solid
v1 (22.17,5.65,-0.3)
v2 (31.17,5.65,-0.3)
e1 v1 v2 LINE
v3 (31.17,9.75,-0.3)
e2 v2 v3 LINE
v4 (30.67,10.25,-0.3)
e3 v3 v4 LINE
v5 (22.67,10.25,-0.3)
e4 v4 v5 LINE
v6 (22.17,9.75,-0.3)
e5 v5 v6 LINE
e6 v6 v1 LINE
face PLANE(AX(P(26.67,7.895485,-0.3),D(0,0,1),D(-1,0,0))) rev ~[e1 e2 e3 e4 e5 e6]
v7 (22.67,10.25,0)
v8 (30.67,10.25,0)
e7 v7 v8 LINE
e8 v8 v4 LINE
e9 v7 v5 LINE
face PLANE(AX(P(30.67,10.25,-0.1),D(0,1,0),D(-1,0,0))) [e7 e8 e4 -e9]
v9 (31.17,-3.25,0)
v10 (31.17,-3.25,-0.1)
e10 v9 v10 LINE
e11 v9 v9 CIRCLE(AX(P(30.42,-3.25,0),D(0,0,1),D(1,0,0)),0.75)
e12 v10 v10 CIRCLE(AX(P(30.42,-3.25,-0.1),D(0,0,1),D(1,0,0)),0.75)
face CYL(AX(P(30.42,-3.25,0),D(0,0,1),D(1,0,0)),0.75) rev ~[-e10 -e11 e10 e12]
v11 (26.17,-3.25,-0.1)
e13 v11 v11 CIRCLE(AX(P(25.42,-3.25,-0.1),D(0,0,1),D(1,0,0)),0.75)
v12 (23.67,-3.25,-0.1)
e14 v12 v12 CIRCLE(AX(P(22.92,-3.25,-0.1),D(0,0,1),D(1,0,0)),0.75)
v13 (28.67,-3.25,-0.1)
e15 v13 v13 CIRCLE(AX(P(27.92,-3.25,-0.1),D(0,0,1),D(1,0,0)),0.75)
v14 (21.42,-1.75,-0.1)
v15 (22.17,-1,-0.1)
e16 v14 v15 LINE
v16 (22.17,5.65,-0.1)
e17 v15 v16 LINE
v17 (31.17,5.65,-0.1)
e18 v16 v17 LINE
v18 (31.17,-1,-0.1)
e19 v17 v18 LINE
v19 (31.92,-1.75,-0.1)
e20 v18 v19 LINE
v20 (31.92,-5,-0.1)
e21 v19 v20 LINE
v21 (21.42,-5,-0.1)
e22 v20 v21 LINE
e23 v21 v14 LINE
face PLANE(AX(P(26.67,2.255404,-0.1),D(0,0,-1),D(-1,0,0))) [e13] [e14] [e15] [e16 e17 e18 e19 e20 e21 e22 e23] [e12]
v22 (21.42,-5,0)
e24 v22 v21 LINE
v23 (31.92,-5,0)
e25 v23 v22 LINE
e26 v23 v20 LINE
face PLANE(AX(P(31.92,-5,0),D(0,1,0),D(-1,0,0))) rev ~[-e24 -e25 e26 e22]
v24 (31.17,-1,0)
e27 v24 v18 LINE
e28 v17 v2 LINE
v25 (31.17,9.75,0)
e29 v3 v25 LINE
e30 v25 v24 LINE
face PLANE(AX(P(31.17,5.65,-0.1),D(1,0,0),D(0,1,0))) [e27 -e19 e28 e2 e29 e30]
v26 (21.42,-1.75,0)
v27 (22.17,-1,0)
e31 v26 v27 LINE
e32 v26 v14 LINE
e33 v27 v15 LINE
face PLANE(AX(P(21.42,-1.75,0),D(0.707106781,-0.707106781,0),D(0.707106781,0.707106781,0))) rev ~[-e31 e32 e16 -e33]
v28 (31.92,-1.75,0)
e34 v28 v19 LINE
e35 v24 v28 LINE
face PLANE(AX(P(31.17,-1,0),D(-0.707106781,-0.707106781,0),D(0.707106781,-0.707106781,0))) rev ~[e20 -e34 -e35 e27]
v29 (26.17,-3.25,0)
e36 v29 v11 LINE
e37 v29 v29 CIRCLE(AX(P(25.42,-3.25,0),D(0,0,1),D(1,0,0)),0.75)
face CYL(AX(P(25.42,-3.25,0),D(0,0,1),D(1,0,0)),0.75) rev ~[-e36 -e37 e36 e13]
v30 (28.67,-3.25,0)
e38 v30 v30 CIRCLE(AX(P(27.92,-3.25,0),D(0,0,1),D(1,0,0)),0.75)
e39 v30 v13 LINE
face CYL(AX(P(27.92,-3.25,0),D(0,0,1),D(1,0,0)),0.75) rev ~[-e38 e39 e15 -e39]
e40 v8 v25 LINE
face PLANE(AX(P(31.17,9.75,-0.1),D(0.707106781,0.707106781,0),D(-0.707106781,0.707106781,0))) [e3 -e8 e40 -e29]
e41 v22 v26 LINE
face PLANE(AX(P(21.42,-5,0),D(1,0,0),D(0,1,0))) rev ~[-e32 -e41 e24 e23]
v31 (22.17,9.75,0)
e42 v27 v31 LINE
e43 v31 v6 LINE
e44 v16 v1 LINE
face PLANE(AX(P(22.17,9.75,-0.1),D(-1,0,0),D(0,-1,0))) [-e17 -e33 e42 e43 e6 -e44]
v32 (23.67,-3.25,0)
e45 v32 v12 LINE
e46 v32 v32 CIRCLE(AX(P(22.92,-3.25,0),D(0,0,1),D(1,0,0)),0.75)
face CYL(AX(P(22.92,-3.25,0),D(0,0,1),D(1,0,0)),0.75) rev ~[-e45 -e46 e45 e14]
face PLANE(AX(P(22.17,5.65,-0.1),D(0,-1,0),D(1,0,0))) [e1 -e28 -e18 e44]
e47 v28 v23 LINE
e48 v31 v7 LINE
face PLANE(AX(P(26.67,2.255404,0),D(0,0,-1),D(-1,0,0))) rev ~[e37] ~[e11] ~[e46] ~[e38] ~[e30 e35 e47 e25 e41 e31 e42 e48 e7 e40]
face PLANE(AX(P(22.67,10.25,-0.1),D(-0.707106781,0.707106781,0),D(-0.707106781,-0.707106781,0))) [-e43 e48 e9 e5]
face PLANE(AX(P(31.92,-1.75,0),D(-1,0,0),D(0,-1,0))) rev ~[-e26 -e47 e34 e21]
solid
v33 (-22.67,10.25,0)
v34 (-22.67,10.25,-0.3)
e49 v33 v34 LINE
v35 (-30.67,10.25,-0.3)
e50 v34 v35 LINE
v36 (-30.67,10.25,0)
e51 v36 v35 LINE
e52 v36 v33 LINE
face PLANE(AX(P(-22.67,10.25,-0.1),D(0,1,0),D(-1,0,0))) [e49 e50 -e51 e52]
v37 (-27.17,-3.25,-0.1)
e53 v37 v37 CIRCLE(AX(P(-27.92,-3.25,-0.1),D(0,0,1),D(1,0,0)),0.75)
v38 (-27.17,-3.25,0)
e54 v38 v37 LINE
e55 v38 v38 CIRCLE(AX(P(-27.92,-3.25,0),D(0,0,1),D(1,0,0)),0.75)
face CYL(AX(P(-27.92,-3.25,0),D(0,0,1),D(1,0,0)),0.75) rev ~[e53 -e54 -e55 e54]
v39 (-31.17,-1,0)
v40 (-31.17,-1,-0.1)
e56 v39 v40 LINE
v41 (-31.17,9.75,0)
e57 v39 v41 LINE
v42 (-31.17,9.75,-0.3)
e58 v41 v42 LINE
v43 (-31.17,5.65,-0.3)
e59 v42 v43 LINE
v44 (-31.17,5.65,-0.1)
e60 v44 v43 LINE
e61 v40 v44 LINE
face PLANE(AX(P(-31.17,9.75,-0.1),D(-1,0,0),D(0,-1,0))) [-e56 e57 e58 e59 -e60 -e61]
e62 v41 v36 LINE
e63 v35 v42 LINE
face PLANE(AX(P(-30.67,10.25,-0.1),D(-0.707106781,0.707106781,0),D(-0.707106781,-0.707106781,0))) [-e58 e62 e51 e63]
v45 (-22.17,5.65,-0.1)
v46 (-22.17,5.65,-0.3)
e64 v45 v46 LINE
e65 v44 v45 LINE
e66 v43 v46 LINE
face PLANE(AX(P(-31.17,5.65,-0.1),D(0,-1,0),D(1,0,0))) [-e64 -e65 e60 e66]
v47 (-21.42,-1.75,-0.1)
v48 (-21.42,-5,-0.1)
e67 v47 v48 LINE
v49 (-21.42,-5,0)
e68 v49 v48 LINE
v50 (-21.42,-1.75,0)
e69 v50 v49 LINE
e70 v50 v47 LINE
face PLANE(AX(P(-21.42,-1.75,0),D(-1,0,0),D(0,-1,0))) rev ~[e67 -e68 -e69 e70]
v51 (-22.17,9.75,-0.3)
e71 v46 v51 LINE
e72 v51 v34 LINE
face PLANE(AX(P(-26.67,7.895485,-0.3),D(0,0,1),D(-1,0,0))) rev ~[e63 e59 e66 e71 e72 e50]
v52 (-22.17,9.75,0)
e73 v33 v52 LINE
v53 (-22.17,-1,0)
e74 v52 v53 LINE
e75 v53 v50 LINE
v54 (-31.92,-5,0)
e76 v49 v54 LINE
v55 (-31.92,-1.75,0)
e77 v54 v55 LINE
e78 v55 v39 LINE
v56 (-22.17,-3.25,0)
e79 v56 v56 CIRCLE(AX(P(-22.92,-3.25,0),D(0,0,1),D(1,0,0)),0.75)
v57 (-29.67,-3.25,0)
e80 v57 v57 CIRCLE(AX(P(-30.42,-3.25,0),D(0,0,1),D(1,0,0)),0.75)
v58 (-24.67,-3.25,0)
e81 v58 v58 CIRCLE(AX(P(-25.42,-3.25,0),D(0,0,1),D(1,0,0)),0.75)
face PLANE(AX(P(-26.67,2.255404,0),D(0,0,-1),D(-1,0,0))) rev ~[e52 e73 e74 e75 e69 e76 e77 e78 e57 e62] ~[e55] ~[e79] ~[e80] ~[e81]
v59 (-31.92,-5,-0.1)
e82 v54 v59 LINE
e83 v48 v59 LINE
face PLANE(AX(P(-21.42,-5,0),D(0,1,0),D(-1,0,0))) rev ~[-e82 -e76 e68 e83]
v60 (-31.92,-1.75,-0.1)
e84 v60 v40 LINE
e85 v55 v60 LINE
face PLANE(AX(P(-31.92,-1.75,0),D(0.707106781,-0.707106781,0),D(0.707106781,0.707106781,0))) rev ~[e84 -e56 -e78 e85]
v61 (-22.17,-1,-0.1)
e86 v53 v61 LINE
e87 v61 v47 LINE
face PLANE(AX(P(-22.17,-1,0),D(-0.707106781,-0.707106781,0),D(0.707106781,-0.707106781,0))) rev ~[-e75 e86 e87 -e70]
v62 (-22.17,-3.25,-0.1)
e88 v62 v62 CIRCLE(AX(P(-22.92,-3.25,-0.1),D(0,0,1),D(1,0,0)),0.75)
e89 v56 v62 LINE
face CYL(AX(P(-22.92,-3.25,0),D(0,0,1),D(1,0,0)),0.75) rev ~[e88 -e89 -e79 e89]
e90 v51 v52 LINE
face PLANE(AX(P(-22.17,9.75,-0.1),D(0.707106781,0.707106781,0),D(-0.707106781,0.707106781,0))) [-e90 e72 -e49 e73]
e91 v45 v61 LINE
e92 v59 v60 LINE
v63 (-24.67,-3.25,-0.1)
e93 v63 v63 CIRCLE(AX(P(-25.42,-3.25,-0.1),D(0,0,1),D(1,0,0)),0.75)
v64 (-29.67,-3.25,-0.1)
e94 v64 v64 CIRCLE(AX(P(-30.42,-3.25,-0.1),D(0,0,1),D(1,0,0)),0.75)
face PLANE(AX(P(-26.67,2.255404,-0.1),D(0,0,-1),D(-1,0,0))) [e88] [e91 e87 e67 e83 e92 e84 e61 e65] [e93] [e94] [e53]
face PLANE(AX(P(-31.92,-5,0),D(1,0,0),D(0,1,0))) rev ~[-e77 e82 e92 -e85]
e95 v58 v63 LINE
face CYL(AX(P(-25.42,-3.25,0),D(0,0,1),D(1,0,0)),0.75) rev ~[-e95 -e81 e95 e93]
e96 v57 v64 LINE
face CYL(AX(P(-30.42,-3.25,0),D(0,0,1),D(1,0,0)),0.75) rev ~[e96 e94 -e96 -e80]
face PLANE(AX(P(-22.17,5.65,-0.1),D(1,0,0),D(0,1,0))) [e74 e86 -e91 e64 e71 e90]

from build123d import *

# Parameters (mm, degrees)
SKETCH_R     = 0.75
PAD_DEPTH    = 0.1
PAD001_DEPTH = 0.2
SKETCH002_R  = 0.75
PAD002_DEPTH = 0.1
PAD003_DEPTH = 0.2


with BuildPart() as feature_ffc_cutout_a:
    # Sketch → Pad (new body)
    with BuildSketch(Plane.XY):
        Polygon((22.17, -1), (22.17, 9.75), (22.67, 10.25), (30.67, 10.25), (31.17, 9.75), (31.17, -1), (31.92, -1.75), (31.92, -5), (21.42, -5), (21.42, -1.75), align=None)
        with Locations((22.92, -3.25)):
            Circle(SKETCH_R, mode=Mode.SUBTRACT)
        with Locations((25.42, -3.25)):
            Circle(SKETCH_R, mode=Mode.SUBTRACT)
        with Locations((27.92, -3.25)):
            Circle(SKETCH_R, mode=Mode.SUBTRACT)
        with Locations((30.42, -3.25)):
            Circle(SKETCH_R, mode=Mode.SUBTRACT)
    extrude(amount=-PAD_DEPTH)

    # Sketch001 (on Face16 of Pad) → Pad001 (join)
    with BuildSketch(Plane(origin=(0, 0, -0.1), x_dir=(1, 0, 0), z_dir=(0, 0, -1))):
        Polygon((22.17, -9.75), (22.17, -5.65), (31.17, -5.65), (31.17, -9.75), (30.67, -10.25), (22.67, -10.25), align=None)
    extrude(amount=PAD001_DEPTH)


with BuildPart() as feature_ffc_cutout_b:
    # Sketch002 → Pad002 (new body)
    with BuildSketch(Plane.XY):
        Polygon((-31.17, -1), (-31.17, 9.75), (-30.67, 10.25), (-22.67, 10.25), (-22.17, 9.75), (-22.17, -1), (-21.42, -1.75), (-21.42, -5), (-31.92, -5), (-31.92, -1.75), align=None)
        with Locations((-30.42, -3.25)):
            Circle(SKETCH002_R, mode=Mode.SUBTRACT)
        with Locations((-27.92, -3.25)):
            Circle(SKETCH002_R, mode=Mode.SUBTRACT)
        with Locations((-25.42, -3.25)):
            Circle(SKETCH002_R, mode=Mode.SUBTRACT)
        with Locations((-22.92, -3.25)):
            Circle(SKETCH002_R, mode=Mode.SUBTRACT)
    extrude(amount=-PAD002_DEPTH)

    # Sketch003 (on Face16 of Pad002) → Pad003 (join)
    with BuildSketch(Plane(origin=(0, 0, -0.1), x_dir=(1, 0, 0), z_dir=(0, 0, -1))):
        Polygon((-31.17, -9.75), (-31.17, -5.65), (-22.17, -5.65), (-22.17, -9.75), (-22.67, -10.25), (-30.67, -10.25), align=None)
    extrude(amount=PAD003_DEPTH)


solid = Compound([feature_ffc_cutout_a.part, feature_ffc_cutout_b.part])
